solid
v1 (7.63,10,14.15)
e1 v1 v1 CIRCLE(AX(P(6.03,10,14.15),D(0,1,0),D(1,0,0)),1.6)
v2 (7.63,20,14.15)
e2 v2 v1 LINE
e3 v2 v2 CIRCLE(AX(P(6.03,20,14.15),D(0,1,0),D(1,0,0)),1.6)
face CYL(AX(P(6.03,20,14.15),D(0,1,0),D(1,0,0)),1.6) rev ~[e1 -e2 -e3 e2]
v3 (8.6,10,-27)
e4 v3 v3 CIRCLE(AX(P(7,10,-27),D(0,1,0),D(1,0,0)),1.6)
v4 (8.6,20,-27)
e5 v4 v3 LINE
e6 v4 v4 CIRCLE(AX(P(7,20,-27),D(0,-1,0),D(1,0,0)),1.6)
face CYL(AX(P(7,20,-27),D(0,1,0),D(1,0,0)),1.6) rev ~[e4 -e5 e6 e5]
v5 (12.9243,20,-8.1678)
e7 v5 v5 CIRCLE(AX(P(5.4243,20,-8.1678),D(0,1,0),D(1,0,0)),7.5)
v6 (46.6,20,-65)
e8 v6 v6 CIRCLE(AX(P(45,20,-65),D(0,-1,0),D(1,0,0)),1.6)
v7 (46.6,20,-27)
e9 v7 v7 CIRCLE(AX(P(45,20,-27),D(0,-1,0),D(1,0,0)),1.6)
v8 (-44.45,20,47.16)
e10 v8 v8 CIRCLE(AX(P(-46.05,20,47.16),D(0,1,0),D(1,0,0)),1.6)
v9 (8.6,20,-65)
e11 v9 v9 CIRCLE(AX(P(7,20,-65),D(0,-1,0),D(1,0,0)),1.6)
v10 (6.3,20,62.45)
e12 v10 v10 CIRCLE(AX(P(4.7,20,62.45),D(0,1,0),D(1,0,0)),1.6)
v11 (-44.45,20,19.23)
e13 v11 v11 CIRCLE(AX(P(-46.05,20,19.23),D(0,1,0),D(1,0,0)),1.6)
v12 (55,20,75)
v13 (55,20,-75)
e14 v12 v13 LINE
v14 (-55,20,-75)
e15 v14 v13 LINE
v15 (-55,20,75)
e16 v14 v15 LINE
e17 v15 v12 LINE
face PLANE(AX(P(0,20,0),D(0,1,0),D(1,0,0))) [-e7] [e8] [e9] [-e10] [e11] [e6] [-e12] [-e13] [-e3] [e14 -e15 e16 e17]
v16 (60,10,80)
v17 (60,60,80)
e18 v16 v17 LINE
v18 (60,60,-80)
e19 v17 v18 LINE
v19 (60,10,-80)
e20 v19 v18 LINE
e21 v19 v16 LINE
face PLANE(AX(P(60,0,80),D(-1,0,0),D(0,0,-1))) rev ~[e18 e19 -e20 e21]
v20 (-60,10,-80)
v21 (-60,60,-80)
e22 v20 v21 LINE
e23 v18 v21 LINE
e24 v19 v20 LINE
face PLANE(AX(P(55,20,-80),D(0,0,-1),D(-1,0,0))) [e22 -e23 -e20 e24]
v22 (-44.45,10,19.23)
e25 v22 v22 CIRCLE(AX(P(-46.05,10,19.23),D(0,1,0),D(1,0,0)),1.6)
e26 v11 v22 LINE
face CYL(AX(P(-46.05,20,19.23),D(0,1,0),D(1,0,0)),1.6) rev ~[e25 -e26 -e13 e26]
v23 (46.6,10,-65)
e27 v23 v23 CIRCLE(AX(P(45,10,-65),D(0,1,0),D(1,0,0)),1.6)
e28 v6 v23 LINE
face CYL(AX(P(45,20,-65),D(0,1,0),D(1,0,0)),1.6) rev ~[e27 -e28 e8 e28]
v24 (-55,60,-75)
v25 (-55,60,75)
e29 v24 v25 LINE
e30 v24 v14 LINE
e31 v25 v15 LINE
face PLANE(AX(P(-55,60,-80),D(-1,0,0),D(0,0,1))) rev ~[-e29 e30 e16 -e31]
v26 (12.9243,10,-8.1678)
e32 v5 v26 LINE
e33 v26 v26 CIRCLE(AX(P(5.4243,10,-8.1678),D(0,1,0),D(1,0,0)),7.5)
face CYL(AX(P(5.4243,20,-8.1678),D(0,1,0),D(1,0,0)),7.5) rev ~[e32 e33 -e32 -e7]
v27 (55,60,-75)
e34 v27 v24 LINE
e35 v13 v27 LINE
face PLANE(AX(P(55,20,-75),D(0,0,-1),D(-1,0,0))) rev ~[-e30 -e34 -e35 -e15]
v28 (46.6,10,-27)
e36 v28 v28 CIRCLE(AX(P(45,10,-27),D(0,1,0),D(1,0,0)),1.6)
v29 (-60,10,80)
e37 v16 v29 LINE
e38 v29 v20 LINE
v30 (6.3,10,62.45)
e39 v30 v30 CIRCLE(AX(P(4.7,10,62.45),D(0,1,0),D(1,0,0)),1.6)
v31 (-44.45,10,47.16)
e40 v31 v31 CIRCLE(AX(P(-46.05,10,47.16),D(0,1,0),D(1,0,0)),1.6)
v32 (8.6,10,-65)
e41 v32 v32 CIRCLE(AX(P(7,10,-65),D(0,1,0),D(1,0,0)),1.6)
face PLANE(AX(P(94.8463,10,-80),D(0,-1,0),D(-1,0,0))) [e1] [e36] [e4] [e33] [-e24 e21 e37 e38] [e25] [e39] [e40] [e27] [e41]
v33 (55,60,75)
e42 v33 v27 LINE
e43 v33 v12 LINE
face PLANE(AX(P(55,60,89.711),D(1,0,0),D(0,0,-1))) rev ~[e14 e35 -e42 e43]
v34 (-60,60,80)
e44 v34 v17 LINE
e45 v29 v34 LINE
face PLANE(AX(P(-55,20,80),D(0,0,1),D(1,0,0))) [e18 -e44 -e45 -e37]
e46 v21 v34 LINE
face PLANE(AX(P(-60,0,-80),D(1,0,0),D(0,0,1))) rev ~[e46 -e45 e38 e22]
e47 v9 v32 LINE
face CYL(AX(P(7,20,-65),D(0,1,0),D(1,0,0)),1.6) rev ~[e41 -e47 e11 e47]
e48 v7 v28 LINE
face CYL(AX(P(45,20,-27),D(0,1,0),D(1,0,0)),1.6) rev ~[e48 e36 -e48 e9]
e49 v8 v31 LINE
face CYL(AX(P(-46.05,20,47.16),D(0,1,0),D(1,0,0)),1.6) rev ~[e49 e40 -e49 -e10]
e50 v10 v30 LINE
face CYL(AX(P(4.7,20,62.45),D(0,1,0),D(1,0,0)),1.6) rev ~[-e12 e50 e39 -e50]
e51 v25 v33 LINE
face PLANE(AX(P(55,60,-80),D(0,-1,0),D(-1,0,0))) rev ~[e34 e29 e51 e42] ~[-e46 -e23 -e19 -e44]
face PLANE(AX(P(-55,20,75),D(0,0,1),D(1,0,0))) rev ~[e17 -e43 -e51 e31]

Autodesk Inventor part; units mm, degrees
ref_plane "YZ Plane" through (0, 0, 0) normal (1, 0, 0) x (0, 1, 0)
ref_plane "XZ Plane" through (0, 0, 0) normal (0, 1, 0) x (-1, 0, 0)
ref_plane "XY Plane" through (0, 0, 0) normal (0, 0, 1) x (1, 0, 0)
sketch "스케치1" plane through (0, 0, 0) normal (0, 1, 0) x (-1, 0, 0)
  line L0 (60, 80) -> (-60, 80)
  line L1 (-60, 80) -> (-60, -80)
  line L2 (-60, -80) -> (60, -80)
  line L3 (60, -80) -> (60, 80)
  line L4 (60, 80) -> (-60, -80) construction
  line L5 (-60, 80) -> (60, -80) construction
  point P0 (0, 0)
  dimension "d0" = 120
  dimension "d1" = 160
extrude "돌출1" add sketch "스케치1" along normal blind 60
sketch "스케치2" plane through (0, 60, 0) normal (0, 1, 0) x (1, 0, 0)
  line L0 (60, -80) -> (60, 80) projected
  line L1 (60, 80) -> (-60, 80) projected
  line L2 (55, 102.1646) -> (-55, 102.1646)
  line L3 (-55, 102.1646) -> (-55, -89.711)
  line L4 (-55, -89.711) -> (55, -89.711)
  line L5 (55, -89.711) -> (55, 102.1646)
  line L6 (-60, 80) -> (-60, -80) projected
  point P0 (0, 0)
  point P1 (55, 80)
  point P2 (-55, 80)
  dimension "d6" = 5
  dimension "d7" = 5
extrude "돌출2" cut sketch "스케치2" against normal blind 40 contours L5 L4 L3 L1
sketch "스케치12" plane through (60, 0, -80) normal (0, 0, -1) x (-1, 0, 0)
  line L0 (-34.8463, 10) -> (156.2634, 10)
  line L1 (156.2634, 10) -> (156.2634, -36.9465)
  line L2 (156.2634, -36.9465) -> (-34.8463, -36.9465)
  line L3 (-34.8463, -36.9465) -> (-34.8463, 10)
  line L4 (0, 0) -> (120, 0) projected
  point P0 (60, 0)
  dimension "d85" = 10
extrude "돌출10" cut sketch "스케치12" against normal through all
sketch "스케치13" plane through (-55, 20, 80) normal (0, 0, 1) x (1, 0, 0)
  line L0 (0, 40) -> (0, 0) projected
  line L1 (0, 0) -> (110, 0) projected
  line L2 (0, 40) -> (110, 40)
  line L3 (110, 40) -> (110, 0)
  line L4 (110, 0) -> (0, 0)
  line L5 (0, 0) -> (0, 40)
  point P0 (55, -20)
extrude "돌출11" add sketch "스케치13" against normal blind 5
sketch "스케치14" plane through (55, 20, -80) normal (0, 0, -1) x (-1, 0, 0)
  line L0 (0, 0) -> (0, 40) projected
  line L1 (110, 0) -> (0, 0) projected
  line L2 (0, 40) -> (110, 40)
  line L3 (110, 40) -> (110, 0)
  line L4 (110, 0) -> (0, 0)
  line L5 (0, 0) -> (0, 40)
  point P0 (55, -20)
extrude "돌출12" add sketch "스케치14" against normal blind 5
sketch "스케치15" plane through (60, 60, -80) normal (0, 0, -1) x (-1, 0, 0)
  point P0 (60, -60)
sketch "스케치16" plane through (60, 60, -80) normal (0, 0, -1) x (-1, 0, 0)
  point P0 (60, -60)
sketch "스케치17" plane through (0, 20, 0) normal (0, 1, 0) x (1, 0, 0)
  line L0 (7, 27) -> (45, 27)
  line L1 (45, 27) -> (45, 65)
  line L2 (45, 65) -> (7, 65)
  line L3 (7, 65) -> (7, 27)
  line L4 (55, 75) -> (55, -75) projected
  line L5 (55, 75) -> (-55, 75) projected
  circle A0 centre (7, 27) radius 1.6
  circle A1 centre (7, 65) radius 1.6
  circle A2 centre (45, 65) radius 1.6
  circle A3 centre (45, 27) radius 1.6
  line L6 (-47.9371, 14.7215) -> (-7.9371, 14.7215)
  line L7 (-7.9371, 14.7215) -> (-7.9371, 64.7215)
  line L8 (-7.9371, 64.7215) -> (-47.9371, 64.7215)
  line L9 (-47.9371, 64.7215) -> (-47.9371, 14.7215)
  point P0 (0, 0)
  dimension "d92" = 38
  dimension "d93" = 38
  dimension "d95" = 10
  dimension "d96" = 10
  dimension "d97" = 3.2
  dimension "d98" = 3.2
  dimension "d99" = 3.2
  dimension "d100" = 3.2
  dimension "d113" = 40
  dimension "d114" = 50
extrude "돌출13" cut sketch "스케치17" against normal through all contours L3 A0 L0 | L0 A0 L3 | A3 L1 L0 | L0 L1 A3 | A1 L2 L3 | L3 L2 A1 | A2 L2 L1 | L1 L2 A2
sketch "스케치21" plane through (0, 20, 0) normal (0, 1, 0) x (1, 0, 0)
  circle A0 centre (5.4243, 8.1678) radius 7.5
  line L0 (-49.3888, 17.2731) -> (-9.3888, 17.2731)
  line L1 (-9.3888, 17.2731) -> (-9.3888, 67.2731)
  line L2 (-9.3888, 67.2731) -> (-49.3888, 67.2731)
  line L3 (-49.3888, 67.2731) -> (-49.3888, 17.2731)
  point P0 (0, 0)
  dimension "d117" = 15
  dimension "d118" = 50
  dimension "d119" = 40
extrude "돌출15" cut sketch "스케치21" against normal through all contours A0
sketch "스케치23" plane through (0, 20, 0) normal (0, 1, 0) x (1, 0, 0)
  line L0 (-48.6, -65) -> (20, -65)
  line L1 (20, -65) -> (20, -11.6)
  line L2 (20, -11.6) -> (-48.6, -11.6)
  line L3 (-48.6, -11.6) -> (-48.6, -65)
  line L4 (55, 75) -> (55, -75) projected
  line L5 (-55, -75) -> (55, -75) projected
  circle A0 centre (4.7, -62.45) radius 1.6
  circle A1 centre (6.03, -14.15) radius 1.6
  circle A2 centre (-46.05, -47.16) radius 1.6
  circle A3 centre (-46.05, -19.23) radius 1.6
  point P0 (0, 0)
  dimension "d123" = 68.6
  dimension "d124" = 53.4
  dimension "d125" = 35
  dimension "d126" = 10
  dimension "d127" = 3.2
  dimension "d128" = 15.3
  dimension "d129" = 2.55
  dimension "d130" = 3.2
  dimension "d131" = 13.97
  dimension "d132" = 2.55
  dimension "d133" = 3.2
  dimension "d134" = 35.56
  dimension "d135" = 3.2
  dimension "d136" = 2.55
  dimension "d137" = 2.55
  dimension "d138" = 7.63
extrude "돌출16" cut sketch "스케치23" against normal through all contours A0 | A1 | A2 | A3
properties part number "본체 회전"
